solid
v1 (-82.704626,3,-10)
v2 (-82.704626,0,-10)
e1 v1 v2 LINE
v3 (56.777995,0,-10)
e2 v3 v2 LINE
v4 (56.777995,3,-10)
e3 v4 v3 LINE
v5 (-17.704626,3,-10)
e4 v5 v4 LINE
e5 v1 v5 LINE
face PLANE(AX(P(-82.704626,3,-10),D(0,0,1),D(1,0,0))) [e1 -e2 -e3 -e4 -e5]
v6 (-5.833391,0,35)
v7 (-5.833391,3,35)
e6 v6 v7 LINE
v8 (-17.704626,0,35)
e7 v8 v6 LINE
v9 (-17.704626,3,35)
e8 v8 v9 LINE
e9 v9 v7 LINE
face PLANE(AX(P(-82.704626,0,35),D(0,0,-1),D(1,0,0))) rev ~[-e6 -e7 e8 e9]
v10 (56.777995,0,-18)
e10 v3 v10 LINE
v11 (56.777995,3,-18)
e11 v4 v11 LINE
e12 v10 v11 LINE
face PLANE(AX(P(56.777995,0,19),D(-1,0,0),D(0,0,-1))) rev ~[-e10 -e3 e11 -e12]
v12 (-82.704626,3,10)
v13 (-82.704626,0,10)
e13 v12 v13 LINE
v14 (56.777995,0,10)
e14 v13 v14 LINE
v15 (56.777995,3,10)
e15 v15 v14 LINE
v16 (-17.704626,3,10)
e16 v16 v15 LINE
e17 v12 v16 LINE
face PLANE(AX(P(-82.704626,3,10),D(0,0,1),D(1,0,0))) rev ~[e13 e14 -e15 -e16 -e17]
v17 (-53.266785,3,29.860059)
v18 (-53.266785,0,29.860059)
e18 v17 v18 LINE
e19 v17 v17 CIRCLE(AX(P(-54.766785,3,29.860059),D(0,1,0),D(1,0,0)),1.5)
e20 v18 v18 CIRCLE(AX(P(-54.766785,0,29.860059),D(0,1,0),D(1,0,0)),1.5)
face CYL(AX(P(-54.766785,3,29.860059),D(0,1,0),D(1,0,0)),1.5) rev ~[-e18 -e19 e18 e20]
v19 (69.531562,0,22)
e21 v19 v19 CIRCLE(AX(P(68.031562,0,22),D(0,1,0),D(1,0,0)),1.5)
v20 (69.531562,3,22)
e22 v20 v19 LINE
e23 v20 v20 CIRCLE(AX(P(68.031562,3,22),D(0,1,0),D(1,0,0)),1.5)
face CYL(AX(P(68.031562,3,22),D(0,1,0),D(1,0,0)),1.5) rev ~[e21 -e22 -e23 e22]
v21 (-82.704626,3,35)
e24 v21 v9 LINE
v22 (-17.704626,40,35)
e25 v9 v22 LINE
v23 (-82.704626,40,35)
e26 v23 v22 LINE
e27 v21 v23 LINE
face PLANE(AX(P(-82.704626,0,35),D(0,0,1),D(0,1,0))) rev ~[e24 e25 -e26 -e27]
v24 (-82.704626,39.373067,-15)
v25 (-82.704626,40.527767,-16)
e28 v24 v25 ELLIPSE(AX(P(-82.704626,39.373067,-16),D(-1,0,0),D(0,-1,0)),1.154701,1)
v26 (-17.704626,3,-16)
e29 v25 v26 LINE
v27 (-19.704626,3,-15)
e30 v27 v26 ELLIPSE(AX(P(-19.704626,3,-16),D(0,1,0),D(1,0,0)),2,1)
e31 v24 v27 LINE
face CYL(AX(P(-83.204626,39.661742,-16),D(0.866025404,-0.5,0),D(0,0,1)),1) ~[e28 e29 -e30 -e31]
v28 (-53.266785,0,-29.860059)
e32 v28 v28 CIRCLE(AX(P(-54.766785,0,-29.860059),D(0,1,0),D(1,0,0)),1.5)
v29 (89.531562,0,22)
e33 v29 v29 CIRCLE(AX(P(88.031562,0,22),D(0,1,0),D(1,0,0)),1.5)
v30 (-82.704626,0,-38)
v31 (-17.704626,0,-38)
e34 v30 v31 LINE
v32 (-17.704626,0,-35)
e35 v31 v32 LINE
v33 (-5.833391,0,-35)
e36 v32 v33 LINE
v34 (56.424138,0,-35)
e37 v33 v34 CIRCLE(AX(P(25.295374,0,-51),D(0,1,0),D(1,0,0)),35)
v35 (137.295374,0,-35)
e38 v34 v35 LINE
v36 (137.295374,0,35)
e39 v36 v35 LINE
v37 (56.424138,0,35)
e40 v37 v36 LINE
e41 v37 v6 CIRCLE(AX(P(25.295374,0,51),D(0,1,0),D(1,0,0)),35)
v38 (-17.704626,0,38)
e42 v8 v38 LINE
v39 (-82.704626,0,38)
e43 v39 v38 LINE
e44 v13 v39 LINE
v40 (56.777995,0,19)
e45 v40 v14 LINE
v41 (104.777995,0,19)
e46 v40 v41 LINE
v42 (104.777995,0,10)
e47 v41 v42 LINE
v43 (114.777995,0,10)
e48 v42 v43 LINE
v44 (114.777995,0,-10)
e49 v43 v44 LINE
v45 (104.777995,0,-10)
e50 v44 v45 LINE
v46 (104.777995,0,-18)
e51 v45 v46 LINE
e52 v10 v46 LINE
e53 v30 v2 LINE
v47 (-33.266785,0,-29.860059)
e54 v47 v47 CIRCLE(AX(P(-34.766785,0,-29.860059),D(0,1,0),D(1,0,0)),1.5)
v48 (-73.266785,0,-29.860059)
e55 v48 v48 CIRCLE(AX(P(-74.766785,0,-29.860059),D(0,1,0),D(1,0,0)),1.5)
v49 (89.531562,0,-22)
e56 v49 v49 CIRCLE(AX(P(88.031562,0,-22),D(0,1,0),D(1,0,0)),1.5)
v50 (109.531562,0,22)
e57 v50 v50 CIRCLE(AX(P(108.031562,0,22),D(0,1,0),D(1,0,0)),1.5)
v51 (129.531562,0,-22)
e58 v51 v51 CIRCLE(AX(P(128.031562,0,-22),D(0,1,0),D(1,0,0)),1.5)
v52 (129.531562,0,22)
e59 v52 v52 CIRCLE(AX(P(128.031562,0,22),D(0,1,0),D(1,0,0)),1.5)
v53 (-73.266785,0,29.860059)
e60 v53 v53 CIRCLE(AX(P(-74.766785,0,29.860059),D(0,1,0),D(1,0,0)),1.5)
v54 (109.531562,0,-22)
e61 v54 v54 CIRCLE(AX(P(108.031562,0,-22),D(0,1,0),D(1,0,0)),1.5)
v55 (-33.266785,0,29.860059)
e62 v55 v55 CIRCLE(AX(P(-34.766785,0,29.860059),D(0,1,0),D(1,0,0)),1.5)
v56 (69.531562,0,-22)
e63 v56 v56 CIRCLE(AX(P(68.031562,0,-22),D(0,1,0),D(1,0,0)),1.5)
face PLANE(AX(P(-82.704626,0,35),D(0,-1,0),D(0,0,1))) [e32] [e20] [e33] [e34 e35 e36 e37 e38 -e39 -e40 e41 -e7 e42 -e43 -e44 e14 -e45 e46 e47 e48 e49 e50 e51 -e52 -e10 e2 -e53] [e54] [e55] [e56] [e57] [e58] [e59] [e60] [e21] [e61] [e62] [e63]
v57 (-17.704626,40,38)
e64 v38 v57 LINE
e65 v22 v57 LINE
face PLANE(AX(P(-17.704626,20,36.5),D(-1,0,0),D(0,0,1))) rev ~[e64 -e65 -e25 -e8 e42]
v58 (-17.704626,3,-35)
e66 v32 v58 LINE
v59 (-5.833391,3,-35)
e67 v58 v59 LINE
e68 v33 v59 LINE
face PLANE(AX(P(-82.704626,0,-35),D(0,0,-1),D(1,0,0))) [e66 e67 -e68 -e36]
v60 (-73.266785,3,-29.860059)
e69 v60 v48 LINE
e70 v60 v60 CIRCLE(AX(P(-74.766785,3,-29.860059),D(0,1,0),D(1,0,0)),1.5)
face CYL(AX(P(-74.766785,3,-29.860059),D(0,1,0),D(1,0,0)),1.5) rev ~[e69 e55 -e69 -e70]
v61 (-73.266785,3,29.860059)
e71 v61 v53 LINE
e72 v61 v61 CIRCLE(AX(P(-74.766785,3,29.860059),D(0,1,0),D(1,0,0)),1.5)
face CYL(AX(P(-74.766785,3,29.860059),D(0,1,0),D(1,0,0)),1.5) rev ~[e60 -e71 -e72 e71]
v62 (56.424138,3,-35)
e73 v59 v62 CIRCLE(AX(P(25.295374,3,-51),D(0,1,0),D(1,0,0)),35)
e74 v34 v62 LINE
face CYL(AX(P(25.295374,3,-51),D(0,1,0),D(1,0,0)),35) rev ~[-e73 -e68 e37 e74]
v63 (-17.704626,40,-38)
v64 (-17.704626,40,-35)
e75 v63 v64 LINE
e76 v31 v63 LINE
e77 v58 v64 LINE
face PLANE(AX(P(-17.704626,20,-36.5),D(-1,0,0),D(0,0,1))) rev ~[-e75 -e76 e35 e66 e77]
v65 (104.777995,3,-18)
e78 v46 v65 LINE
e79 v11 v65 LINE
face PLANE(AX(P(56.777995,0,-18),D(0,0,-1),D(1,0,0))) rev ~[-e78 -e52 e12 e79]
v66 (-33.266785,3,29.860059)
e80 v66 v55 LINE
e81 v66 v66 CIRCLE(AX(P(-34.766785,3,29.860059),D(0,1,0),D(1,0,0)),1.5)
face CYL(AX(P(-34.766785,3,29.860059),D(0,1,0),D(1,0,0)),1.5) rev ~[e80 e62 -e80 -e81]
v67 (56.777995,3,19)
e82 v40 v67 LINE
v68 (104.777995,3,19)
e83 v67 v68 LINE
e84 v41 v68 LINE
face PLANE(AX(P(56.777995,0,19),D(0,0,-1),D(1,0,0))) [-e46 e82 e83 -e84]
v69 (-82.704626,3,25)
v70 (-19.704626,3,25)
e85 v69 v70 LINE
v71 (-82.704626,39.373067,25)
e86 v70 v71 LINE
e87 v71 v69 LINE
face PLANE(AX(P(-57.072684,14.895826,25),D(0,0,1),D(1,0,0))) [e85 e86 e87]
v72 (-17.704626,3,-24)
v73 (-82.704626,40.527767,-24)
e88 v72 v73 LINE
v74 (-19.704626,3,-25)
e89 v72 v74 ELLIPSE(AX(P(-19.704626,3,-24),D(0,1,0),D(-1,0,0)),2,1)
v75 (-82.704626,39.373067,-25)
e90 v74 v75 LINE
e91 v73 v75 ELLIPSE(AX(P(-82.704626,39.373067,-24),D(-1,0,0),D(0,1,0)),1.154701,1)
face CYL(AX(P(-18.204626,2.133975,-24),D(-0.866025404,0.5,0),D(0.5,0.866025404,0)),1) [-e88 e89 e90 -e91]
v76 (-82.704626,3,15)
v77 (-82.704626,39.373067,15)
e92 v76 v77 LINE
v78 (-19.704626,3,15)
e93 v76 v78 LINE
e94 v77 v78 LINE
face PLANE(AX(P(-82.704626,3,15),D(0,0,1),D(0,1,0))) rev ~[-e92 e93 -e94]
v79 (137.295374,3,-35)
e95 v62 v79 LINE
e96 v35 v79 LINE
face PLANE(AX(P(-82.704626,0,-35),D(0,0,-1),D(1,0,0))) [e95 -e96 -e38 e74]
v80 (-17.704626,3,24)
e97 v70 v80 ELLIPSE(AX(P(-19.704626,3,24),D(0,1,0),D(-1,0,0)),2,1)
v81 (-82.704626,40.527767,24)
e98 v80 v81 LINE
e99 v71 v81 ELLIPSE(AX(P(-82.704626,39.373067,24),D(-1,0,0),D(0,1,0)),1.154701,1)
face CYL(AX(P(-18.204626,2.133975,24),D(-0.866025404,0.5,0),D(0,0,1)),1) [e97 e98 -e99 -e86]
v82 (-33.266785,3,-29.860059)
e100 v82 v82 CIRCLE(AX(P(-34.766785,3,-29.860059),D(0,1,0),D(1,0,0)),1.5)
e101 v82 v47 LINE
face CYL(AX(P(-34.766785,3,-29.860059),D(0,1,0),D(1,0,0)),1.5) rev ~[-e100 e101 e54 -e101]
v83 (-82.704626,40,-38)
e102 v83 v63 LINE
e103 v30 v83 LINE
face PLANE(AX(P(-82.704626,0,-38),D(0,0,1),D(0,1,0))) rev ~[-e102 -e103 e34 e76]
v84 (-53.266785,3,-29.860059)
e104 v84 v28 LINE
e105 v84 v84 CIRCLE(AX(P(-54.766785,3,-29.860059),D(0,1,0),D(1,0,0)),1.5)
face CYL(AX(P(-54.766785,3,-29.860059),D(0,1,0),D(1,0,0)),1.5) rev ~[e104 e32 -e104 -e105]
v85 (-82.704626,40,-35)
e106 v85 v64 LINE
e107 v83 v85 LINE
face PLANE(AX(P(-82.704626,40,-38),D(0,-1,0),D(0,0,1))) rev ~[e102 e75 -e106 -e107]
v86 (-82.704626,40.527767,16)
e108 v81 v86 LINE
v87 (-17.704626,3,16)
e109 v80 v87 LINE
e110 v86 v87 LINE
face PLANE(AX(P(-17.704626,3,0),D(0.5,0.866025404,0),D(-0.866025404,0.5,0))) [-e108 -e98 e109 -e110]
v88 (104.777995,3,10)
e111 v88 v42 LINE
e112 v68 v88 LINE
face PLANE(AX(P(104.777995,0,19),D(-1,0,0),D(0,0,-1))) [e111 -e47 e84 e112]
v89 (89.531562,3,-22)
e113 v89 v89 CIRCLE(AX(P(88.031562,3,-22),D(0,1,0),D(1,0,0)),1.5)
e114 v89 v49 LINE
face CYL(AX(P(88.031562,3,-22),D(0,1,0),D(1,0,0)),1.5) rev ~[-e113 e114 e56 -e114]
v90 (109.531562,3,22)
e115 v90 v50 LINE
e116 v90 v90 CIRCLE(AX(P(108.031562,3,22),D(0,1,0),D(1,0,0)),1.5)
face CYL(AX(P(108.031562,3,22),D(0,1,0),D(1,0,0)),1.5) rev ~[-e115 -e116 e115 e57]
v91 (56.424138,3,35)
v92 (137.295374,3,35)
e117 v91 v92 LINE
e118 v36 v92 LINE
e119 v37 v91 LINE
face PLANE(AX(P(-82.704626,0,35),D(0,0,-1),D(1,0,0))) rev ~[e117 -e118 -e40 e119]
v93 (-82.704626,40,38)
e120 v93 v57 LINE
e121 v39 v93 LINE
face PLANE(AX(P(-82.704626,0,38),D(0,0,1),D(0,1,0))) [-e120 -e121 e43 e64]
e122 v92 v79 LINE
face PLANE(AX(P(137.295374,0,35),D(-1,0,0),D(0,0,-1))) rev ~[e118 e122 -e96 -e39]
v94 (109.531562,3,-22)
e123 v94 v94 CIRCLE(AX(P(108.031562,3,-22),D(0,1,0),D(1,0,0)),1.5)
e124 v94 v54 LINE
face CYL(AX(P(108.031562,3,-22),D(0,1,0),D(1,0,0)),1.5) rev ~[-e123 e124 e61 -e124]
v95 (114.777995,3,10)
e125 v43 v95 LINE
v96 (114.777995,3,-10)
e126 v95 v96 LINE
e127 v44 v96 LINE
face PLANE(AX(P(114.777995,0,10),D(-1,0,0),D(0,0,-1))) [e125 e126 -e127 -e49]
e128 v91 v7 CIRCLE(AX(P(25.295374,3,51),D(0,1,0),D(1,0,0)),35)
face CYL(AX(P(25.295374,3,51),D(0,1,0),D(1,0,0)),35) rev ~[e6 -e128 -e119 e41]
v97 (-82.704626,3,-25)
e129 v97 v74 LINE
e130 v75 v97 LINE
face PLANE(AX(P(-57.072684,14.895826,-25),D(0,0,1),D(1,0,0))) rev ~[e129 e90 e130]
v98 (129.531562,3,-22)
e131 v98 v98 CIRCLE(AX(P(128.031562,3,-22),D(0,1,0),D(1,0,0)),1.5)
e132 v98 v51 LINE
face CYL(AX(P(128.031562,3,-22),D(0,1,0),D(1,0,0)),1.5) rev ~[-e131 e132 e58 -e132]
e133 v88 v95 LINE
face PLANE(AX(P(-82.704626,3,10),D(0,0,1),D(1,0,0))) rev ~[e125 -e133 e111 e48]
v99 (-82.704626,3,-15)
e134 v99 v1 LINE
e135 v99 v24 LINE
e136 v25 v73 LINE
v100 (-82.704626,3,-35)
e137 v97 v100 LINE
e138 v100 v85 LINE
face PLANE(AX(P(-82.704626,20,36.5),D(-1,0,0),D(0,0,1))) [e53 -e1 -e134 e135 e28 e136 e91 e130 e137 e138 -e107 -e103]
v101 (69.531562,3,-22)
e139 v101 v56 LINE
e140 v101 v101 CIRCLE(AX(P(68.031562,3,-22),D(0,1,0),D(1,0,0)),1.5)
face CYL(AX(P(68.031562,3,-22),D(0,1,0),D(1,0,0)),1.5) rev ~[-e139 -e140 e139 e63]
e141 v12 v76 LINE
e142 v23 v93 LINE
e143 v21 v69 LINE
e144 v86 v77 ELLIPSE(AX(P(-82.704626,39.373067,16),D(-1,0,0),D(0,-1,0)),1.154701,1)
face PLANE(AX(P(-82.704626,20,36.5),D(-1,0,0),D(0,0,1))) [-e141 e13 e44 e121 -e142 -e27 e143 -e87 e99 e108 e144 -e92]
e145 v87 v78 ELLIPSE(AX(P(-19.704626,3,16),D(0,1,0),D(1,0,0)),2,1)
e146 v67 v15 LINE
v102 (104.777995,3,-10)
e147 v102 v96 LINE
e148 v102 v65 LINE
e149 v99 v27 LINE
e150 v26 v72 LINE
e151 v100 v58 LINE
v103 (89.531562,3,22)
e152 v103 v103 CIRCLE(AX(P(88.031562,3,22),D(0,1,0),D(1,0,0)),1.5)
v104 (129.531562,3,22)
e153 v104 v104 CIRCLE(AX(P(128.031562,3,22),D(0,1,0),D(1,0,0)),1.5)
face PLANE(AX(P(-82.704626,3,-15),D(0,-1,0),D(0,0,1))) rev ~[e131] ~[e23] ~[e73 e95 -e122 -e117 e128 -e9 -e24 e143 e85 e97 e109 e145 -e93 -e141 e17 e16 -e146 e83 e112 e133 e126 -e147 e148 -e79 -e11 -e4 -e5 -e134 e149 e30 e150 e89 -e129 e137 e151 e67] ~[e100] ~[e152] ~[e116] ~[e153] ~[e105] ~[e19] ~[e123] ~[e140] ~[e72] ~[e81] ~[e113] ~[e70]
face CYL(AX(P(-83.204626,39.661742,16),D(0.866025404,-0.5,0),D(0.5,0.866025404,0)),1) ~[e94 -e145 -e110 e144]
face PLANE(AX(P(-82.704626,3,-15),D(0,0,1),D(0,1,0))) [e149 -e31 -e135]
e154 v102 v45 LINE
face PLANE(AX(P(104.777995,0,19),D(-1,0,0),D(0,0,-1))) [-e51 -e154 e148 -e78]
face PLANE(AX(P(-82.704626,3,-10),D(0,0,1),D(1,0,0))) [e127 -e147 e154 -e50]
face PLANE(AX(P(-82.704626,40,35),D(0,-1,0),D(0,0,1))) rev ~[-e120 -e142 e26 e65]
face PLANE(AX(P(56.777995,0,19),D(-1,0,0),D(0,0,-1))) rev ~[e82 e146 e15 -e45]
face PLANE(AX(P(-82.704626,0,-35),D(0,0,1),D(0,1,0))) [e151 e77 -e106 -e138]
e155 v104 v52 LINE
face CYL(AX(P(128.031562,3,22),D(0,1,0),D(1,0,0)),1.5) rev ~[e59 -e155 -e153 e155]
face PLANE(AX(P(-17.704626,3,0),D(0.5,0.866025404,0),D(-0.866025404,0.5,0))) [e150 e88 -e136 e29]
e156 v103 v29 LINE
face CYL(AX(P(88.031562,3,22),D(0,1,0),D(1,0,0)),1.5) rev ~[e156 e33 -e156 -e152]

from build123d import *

# Parameters (mm, degrees)
SKETCH_1_W           = 220
SKETCH_1_H           = 70
EXTRUDE_1_DEPTH      = 3
EXTRUDE_2_DEPTH      = 25
EXTRUDE_2_DEPTH_BACK = 25
SKETCH_6_W           = 30
SKETCH_6_H           = 37.527767497
CUT_EXTRUDE_4_DEPTH  = 221
SKETCH_7_R           = 35
CUT_EXTRUDE_5_DEPTH  = 4
SKETCH_8_W           = 3
SKETCH_8_H           = 40
EXTRUDE_3_DEPTH      = 65
SKETCH_9_R           = 1.5
CUT_EXTRUDE_6_DEPTH  = 4
FILLET_5_R           = 1
SKETCH_10_W          = 65
SKETCH_10_H          = 20
CUT_EXTRUDE_7_DEPTH  = 4
SKETCH_11_W          = 132.48262102
SKETCH_11_H          = 20
CUT_EXTRUDE_8_DEPTH  = 25
SKETCH_12_W          = 48
SKETCH_12_H          = 37
CUT_EXTRUDE_9_DEPTH  = 30


with BuildPart() as part:
    # 草图1 → 凸台-拉伸1 (new body)
    with BuildSketch(Plane(origin=(0, 0, 0), x_dir=(1, 0, 0), z_dir=(0, 1, 0))):
        with Locations((27.295373665, 0)):
            Rectangle(SKETCH_1_W, SKETCH_1_H)
    extrude(amount=EXTRUDE_1_DEPTH)

    # 草图2 → 凸台-拉伸2 (add, two sides)
    with BuildSketch(Plane.XY) as extrude_2_sk:
        Polygon((-82.704626335, 40.527767497), (-82.704626335, 3), (-17.704626335, 3), align=None)
    extrude(amount=EXTRUDE_2_DEPTH)
    extrude(extrude_2_sk.sketch, amount=-EXTRUDE_2_DEPTH_BACK)

    # 草图6 → 切除-拉伸4 (cut, through all)
    with BuildSketch(Plane.ZY.offset(82.704626335)):
        with Locations((0, 21.763883748)):
            Rectangle(SKETCH_6_W, SKETCH_6_H)
    extrude(amount=-CUT_EXTRUDE_4_DEPTH, mode=Mode.SUBTRACT)

    # 草图7 → 切除-拉伸5 (cut, through all)
    with BuildSketch(Plane(origin=(0, 3, 0), x_dir=(1, 0, 0), z_dir=(0, 1, 0))):
        with Locations((25.295373665, 51)):
            Circle(SKETCH_7_R)
        with Locations((25.295373665, -51)):
            Circle(SKETCH_7_R)
    extrude(amount=-CUT_EXTRUDE_5_DEPTH, mode=Mode.SUBTRACT)

    # 草图8 → 凸台-拉伸3 (add)
    with BuildSketch(Plane.ZY.offset(82.704626335)):
        with Locations((36.5, 20)):
            Rectangle(SKETCH_8_W, SKETCH_8_H)
        with Locations((-36.5, 20)):
            Rectangle(SKETCH_8_W, SKETCH_8_H)
    extrude(amount=-EXTRUDE_3_DEPTH)

    # 草图9 → 切除-拉伸6 (cut, through all)
    with BuildSketch(Plane(origin=(0, 3, 0), x_dir=(1, 0, 0), z_dir=(0, 1, 0))):
        with Locations((-74.766784803, 29.860059225)):
            Circle(SKETCH_9_R)
        with Locations((-54.766784803, 29.860059225)):
            Circle(SKETCH_9_R)
        with Locations((-34.766784803, 29.860059225)):
            Circle(SKETCH_9_R)
        with Locations((-34.766784803, -29.860059225)):
            Circle(SKETCH_9_R)
        with Locations((-54.766784803, -29.860059225)):
            Circle(SKETCH_9_R)
        with Locations((-74.766784803, -29.860059225)):
            Circle(SKETCH_9_R)
        with Locations((68.031562246, 22)):
            Circle(SKETCH_9_R)
        with Locations((88.031562246, 22)):
            Circle(SKETCH_9_R)
        with Locations((108.031562246, 22)):
            Circle(SKETCH_9_R)
        with Locations((108.031562246, -22)):
            Circle(SKETCH_9_R)
        with Locations((88.031562246, -22)):
            Circle(SKETCH_9_R)
        with Locations((68.031562246, -22)):
            Circle(SKETCH_9_R)
        with Locations((128.031562246, 22)):
            Circle(SKETCH_9_R)
        with Locations((128.031562246, -22)):
            Circle(SKETCH_9_R)
    extrude(amount=-CUT_EXTRUDE_6_DEPTH, mode=Mode.SUBTRACT)

    # 圆角5
    fillet_5_edges = [part.edges().sort_by_distance(p)[0] for p in [
        (-50.204626335, 21.763883749, -25),
        (-50.204626335, 21.763883749, 25),
        (-50.204626335, 21.763883749, -15),
        (-50.204626335, 21.763883749, 15),
    ]]
    fillet(fillet_5_edges, radius=FILLET_5_R)

    # 草图10 → 切除-拉伸7 (cut, through all)
    with BuildSketch(Plane(origin=(0, 3, 0), x_dir=(1, 0, 0), z_dir=(0, 1, 0))):
        with Locations((-50.204626335, 0)):
            Rectangle(SKETCH_10_W, SKETCH_10_H)
    extrude(amount=-CUT_EXTRUDE_7_DEPTH, mode=Mode.SUBTRACT)

    # 草图11 → 切除-拉伸8 (cut)
    with BuildSketch(Plane(origin=(0, 0, 0), x_dir=(1, 0, 0), z_dir=(0, 1, 0))):
        with Locations((48.536684175, 0)):
            Rectangle(SKETCH_11_W, SKETCH_11_H)
    extrude(amount=CUT_EXTRUDE_8_DEPTH, mode=Mode.SUBTRACT)

    # 草图12 → 切除-拉伸9 (cut)
    with BuildSketch(Plane(origin=(0, 0, 0), x_dir=(1, 0, 0), z_dir=(0, 1, 0))):
        with Locations((80.777994685, -0.5)):
            Rectangle(SKETCH_12_W, SKETCH_12_H)
    extrude(amount=CUT_EXTRUDE_9_DEPTH, mode=Mode.SUBTRACT)


solid = part.part
